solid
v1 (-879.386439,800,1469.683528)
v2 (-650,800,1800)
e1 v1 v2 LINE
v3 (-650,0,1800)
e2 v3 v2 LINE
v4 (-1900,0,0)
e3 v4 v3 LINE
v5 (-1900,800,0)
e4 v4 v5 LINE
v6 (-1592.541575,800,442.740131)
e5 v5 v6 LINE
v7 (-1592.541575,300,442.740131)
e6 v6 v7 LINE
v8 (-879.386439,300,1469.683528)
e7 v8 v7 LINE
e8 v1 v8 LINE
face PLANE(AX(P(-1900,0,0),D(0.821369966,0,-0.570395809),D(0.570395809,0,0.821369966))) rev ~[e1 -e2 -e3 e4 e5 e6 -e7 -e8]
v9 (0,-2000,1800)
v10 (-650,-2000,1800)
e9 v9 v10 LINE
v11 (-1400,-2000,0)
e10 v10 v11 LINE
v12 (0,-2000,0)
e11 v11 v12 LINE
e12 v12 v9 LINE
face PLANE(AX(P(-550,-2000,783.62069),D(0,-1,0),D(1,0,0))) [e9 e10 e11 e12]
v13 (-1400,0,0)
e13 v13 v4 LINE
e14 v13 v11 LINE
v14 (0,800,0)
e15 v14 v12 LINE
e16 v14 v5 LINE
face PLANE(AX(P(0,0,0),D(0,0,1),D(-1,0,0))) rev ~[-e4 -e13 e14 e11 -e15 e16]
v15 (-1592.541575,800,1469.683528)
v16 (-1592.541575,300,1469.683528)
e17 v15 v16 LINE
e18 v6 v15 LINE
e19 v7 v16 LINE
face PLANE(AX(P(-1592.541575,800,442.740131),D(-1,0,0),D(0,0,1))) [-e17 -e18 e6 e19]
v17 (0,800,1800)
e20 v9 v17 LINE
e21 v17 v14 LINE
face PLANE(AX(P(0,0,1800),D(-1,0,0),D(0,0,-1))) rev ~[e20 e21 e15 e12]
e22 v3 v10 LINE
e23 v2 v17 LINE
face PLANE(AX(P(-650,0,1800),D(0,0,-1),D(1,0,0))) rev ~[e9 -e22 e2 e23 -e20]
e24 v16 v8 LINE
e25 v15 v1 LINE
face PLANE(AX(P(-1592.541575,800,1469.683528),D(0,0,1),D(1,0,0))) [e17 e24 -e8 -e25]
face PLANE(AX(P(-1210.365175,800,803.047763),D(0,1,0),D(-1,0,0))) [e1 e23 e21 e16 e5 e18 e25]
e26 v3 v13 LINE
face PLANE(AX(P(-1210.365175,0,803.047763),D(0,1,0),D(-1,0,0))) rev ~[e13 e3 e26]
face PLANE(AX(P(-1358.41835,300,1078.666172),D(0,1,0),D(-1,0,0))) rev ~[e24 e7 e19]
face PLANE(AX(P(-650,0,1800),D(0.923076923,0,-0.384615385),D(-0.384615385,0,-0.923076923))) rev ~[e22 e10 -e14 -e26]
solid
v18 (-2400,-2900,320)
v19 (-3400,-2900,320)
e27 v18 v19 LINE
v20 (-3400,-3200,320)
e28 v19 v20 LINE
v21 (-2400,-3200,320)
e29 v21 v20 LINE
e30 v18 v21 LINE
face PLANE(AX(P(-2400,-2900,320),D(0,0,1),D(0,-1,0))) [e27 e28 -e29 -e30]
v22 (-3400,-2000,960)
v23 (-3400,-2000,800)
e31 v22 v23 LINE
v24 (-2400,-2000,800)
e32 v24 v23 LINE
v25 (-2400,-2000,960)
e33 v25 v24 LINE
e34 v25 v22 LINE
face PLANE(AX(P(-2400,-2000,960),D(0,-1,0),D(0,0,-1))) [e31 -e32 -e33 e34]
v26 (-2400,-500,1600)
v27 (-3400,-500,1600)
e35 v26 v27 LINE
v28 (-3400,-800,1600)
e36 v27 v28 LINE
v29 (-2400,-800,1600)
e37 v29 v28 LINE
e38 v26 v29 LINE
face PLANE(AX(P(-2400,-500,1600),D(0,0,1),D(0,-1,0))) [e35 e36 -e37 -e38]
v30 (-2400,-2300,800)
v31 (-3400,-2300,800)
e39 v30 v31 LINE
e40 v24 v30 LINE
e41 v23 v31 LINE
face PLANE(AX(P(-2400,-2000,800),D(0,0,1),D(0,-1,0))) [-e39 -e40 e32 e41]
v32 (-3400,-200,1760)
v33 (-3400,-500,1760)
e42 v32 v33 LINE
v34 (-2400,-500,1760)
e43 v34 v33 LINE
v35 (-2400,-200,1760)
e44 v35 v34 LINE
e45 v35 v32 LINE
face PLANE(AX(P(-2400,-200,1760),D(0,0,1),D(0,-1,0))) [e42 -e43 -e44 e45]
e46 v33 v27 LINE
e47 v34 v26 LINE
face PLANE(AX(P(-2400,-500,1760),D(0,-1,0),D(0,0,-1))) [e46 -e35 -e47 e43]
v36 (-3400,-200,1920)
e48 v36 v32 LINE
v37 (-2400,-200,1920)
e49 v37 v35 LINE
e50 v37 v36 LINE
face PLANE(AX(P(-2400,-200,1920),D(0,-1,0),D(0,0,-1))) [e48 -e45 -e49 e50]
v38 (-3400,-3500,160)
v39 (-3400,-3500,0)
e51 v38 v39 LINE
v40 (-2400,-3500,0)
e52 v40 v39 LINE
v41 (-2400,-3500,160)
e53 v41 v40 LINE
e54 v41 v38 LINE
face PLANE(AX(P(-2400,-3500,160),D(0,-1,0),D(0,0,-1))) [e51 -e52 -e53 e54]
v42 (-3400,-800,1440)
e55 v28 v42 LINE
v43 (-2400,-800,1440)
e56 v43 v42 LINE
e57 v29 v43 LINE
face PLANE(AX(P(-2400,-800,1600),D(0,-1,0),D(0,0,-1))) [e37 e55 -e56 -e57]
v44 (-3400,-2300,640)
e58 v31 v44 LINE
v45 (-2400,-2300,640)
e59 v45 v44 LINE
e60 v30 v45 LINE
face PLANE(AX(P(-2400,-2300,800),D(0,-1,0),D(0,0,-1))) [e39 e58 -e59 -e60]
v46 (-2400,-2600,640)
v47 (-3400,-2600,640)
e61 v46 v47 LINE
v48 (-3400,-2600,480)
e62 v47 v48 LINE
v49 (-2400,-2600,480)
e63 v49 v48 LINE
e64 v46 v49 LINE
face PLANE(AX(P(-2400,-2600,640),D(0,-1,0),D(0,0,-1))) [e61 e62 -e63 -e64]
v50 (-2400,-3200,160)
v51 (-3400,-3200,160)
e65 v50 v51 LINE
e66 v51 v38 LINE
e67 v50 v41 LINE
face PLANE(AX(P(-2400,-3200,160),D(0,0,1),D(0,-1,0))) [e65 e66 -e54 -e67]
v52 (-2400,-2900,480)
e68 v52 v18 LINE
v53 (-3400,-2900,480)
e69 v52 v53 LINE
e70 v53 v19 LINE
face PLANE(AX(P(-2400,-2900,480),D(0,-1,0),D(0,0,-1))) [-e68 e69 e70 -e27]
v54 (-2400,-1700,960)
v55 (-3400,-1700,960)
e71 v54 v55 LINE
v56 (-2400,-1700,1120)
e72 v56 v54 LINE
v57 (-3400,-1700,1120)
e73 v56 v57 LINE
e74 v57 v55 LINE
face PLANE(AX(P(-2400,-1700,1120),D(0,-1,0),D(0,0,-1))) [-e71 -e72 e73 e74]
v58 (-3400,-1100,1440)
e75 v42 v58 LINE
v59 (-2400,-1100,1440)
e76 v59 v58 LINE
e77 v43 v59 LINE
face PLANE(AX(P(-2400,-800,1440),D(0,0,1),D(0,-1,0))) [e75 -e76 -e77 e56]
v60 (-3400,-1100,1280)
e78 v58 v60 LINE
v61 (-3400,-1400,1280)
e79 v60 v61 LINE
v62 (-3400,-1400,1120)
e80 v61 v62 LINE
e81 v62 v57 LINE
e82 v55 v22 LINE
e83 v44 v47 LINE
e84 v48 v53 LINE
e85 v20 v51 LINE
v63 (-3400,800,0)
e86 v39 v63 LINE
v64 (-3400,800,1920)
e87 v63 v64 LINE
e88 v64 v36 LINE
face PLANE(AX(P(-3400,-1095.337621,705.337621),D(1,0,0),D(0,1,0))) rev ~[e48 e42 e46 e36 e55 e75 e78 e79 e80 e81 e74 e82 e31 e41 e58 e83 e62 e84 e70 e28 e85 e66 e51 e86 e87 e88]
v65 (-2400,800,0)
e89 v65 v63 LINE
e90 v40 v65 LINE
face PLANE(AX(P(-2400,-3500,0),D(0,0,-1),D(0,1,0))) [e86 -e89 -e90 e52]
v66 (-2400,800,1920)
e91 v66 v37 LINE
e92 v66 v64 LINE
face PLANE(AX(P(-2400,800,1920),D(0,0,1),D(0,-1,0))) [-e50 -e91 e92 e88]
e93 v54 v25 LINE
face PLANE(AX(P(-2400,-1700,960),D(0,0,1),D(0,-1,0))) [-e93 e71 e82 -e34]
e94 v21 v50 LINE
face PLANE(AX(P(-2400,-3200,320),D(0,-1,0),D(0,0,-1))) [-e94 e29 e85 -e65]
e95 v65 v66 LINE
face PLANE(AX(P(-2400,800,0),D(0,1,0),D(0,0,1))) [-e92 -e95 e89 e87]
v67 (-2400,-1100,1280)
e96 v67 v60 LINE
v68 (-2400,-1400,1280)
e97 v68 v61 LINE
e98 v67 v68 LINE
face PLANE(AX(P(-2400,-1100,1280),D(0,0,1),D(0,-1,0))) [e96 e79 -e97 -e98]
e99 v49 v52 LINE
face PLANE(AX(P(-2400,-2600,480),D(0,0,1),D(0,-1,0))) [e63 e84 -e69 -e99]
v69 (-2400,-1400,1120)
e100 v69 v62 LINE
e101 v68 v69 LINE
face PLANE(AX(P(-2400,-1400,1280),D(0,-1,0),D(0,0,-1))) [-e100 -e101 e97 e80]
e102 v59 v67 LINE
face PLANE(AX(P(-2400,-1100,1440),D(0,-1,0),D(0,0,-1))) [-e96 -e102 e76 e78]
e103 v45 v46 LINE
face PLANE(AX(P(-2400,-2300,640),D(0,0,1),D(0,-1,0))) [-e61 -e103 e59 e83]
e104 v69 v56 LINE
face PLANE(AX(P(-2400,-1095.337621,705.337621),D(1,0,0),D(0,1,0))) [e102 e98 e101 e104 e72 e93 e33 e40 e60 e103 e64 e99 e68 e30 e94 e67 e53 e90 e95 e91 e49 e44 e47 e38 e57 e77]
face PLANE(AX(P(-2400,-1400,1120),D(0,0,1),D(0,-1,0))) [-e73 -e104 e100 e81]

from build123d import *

# Parameters (mm, degrees)
F1_DEPTH = 2000
F3_DEPTH = 800
F7_DEPTH = 1000
F9_DEPTH = 500


with BuildPart() as f1:
    # F0 (on Front) → F1 (new body)
    with BuildSketch(Plane.XZ):
        Polygon((-1400, 0), (0, 0), (0, 1800), (-650, 1800), align=None)
    extrude(amount=F1_DEPTH)


with BuildPart() as f3:
    # F2 (on face) → F3 (new body)
    with BuildSketch(Plane(origin=(0, 0, 0), x_dir=(-1, 0, 0), z_dir=(0, 1, 0))):
        Polygon((650, 1800), (1400, 0), (1900, 0), align=None)
        Polygon((0, 1800), (0, 0), (1400, 0), (650, 1800), align=None)
    extrude(amount=F3_DEPTH)


with BuildPart() as f1_1:
    add(f1.part)

    # F4: union F3
    add(f3.part)

    # F8 (on face) → F9 (join)
    with BuildSketch(Plane(origin=(0, 800, 0), x_dir=(-1, 0, 0), z_dir=(0, 1, 0))):
        Polygon((1592.5415754318, 1469.6835279465), (879.3864389261, 1469.6835279465), (1592.5415754318, 442.7401313782), align=None)
    extrude(amount=-F9_DEPTH)


with BuildPart() as f7:
    # F6 (on offset) → F7 (new body)
    with BuildSketch(Plane.YZ.offset(-2400)):
        Polygon((-3500, 160), (-3500, 0), (800, 0), (800, 1920), (-200, 1920), (-200, 1760), (-500, 1760), (-500, 1600), (-800, 1600), (-800, 1440), (-1100, 1440), (-1100, 1280), (-1400, 1280), (-1400, 1120), (-1700, 1120), (-1700, 960), (-2000, 960), (-2000, 800), (-2300, 800), (-2300, 640), (-2600, 640), (-2600, 480), (-2900, 480), (-2900, 320), (-3200, 320), (-3200, 160), align=None)
    extrude(amount=-F7_DEPTH)


solid = Compound([f1_1.part, f7.part])
